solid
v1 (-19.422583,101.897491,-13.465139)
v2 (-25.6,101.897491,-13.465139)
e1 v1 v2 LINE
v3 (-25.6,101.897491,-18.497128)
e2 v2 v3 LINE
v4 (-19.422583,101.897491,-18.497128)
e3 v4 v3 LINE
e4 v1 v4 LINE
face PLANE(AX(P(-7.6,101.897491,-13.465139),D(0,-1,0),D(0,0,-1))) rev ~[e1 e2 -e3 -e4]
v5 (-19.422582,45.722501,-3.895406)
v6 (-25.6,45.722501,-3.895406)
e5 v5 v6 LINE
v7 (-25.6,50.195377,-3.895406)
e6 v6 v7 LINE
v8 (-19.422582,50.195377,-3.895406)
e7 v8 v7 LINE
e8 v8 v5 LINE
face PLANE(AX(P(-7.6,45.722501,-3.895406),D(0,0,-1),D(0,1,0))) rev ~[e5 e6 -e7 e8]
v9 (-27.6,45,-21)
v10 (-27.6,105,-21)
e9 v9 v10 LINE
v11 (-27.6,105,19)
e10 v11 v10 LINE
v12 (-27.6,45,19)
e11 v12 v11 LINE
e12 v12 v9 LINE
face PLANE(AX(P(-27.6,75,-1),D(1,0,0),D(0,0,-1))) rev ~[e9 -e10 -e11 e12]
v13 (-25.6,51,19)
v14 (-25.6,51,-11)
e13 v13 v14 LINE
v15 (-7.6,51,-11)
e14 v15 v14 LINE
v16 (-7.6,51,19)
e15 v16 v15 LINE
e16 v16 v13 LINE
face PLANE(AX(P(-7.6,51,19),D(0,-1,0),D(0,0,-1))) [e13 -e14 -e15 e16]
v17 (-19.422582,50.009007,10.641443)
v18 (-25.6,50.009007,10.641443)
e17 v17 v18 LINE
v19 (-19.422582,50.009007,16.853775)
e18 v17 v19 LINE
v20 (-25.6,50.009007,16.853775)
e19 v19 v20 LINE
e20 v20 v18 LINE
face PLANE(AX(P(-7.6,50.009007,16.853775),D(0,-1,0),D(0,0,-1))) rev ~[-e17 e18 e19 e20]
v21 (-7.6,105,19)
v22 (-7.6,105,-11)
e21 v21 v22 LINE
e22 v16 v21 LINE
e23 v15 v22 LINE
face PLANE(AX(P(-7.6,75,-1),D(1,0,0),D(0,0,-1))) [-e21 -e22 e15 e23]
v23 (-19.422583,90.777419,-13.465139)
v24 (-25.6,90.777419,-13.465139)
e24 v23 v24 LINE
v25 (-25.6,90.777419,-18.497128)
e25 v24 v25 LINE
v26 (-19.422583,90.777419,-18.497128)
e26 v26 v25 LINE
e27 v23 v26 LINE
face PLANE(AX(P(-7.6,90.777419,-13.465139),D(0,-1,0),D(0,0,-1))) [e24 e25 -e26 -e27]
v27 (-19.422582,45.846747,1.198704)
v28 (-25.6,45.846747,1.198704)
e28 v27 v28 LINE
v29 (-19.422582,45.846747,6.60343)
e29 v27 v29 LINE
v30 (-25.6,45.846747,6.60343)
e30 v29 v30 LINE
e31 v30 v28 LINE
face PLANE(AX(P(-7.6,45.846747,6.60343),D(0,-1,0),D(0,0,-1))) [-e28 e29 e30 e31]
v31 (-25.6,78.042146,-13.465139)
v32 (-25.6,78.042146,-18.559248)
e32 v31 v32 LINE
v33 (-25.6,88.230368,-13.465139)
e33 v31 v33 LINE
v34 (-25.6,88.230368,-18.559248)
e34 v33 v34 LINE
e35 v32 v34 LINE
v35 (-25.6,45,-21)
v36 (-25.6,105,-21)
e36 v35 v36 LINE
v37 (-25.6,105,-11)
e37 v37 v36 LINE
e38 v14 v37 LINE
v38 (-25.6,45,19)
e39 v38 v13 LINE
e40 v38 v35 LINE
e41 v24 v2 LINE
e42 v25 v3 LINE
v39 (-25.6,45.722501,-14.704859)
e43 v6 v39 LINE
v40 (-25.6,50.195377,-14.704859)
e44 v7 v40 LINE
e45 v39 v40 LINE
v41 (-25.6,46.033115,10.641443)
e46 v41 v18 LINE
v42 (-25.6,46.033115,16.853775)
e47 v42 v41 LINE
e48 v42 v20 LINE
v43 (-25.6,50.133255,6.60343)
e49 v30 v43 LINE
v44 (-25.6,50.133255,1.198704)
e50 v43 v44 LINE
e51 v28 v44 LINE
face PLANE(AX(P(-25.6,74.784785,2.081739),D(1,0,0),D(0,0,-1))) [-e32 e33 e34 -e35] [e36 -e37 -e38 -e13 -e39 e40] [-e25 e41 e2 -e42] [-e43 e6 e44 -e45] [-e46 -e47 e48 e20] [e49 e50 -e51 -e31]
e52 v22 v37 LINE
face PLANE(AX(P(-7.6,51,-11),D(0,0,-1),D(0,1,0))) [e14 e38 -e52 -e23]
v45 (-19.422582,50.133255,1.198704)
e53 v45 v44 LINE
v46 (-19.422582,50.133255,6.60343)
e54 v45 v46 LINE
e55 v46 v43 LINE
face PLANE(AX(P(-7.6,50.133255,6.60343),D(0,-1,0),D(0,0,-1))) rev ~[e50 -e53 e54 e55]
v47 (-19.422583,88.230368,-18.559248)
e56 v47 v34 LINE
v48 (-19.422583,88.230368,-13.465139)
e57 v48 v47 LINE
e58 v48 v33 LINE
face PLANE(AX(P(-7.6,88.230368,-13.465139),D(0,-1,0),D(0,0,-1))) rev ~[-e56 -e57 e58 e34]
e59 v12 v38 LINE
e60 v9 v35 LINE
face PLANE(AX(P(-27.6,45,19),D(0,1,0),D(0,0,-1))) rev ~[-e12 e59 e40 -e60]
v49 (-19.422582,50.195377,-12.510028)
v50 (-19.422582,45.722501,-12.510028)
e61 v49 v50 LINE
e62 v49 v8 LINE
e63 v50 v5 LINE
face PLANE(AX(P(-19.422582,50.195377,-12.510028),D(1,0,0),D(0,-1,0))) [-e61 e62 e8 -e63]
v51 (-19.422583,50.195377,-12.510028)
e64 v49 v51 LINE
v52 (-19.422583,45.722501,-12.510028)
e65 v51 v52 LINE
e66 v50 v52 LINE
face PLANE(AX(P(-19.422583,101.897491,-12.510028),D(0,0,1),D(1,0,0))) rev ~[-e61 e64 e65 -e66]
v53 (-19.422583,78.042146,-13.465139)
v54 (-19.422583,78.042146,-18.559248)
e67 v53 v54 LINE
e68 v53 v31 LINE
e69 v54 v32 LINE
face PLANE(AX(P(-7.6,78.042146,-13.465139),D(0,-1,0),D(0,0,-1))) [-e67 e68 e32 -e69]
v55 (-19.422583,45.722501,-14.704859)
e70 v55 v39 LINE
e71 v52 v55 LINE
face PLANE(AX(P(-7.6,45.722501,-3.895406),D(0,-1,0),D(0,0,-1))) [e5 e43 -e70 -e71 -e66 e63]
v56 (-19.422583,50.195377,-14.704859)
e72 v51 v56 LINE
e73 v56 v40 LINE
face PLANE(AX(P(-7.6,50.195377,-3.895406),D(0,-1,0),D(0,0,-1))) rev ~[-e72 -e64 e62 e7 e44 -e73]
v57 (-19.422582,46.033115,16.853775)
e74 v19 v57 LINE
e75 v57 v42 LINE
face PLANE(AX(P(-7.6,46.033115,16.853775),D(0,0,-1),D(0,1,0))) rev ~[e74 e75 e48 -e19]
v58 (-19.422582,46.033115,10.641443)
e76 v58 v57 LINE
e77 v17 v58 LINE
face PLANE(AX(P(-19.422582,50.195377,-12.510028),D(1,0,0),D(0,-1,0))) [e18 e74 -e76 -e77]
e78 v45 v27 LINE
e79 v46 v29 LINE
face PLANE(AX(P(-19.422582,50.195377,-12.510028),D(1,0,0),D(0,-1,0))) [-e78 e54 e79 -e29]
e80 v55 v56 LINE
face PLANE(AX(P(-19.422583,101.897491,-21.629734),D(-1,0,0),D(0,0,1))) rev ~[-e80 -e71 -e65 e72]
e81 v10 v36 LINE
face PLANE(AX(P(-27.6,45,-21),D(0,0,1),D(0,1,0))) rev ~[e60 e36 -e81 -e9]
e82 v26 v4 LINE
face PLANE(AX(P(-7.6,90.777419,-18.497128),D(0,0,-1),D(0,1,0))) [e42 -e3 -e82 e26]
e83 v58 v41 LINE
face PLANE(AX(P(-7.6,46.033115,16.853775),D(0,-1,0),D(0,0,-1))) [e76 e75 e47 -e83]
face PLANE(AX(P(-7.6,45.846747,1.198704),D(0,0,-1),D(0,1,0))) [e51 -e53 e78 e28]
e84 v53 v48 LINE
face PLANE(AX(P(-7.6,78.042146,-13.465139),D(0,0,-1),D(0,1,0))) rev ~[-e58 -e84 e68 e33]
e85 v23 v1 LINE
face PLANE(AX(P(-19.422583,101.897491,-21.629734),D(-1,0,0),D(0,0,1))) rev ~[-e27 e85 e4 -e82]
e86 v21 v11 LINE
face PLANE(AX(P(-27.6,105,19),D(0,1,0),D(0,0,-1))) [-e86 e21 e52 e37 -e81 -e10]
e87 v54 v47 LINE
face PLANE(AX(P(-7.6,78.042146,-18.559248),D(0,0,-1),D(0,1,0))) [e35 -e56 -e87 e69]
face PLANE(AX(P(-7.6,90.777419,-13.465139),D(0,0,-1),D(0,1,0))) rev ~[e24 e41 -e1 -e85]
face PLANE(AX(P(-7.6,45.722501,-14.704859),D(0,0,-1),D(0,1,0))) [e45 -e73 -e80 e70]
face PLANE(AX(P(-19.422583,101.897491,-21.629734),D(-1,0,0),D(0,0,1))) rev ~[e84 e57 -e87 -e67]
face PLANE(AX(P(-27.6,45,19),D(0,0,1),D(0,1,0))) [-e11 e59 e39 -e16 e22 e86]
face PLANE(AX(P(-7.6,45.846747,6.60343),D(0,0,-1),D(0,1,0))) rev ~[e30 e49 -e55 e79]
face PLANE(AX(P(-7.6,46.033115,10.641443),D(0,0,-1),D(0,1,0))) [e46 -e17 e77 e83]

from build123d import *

# Parameters (mm, degrees)
SKETCH054_W             = 40
SKETCH054_H             = 60
PAD026_DEPTH            = 20
SKETCH055_W             = 76.736599
SKETCH055_H             = 75.902515
SKETCH055_W_2           = 30
SKETCH055_H_2           = 54
SKETCH055_W_3           = 6.212331
SKETCH055_H_3           = 3.975892
SKETCH055_W_4           = 5.404726
SKETCH055_H_4           = 4.286509
SKETCH055_W_5           = 10.809453
SKETCH055_H_5           = 4.472877
SKETCH055_W_6           = 5.031989
SKETCH055_H_6           = 11.120071
SKETCH055_W_7           = 5.094109
SKETCH055_H_7           = 10.188222
POCKET035_DEPTH         = 18
SKETCH056_W             = 9.119706
SKETCH056_H             = 14.092372
POCKET036_DEPTH         = 56.898491
POCKET036_FACE35_W      = 4.472877
POCKET036_FACE35_H      = 11.822582
POCKET037_DEPTH         = 31.511028
BODY012_PLACEMENT_ANGLE = 90


with BuildPart() as part:
    # Sketch054 → Pad026 (new body)
    with BuildSketch(Plane.XY):
        Rectangle(SKETCH054_W, SKETCH054_H)
    extrude(amount=PAD026_DEPTH)

    # Sketch055 (on Face6 of Pad026) → Pocket035 (cut)
    with BuildSketch(Plane.XY.offset(20)):
        with Locations((-3.081739, -0.215215)):
            Rectangle(SKETCH055_W, SKETCH055_H)
        with Locations((-5, 3)):
            Rectangle(SKETCH055_W_2, SKETCH055_H_2, mode=Mode.SUBTRACT)
        with Locations((-14.747609, -26.978939)):
            Rectangle(SKETCH055_W_3, SKETCH055_H_3, mode=Mode.SUBTRACT)
        with Locations((-4.901067, -27.009999)):
            Rectangle(SKETCH055_W_4, SKETCH055_H_4, mode=Mode.SUBTRACT)
        with Locations((8.300133, -27.041061)):
            Rectangle(SKETCH055_W_5, SKETCH055_H_5, mode=Mode.SUBTRACT)
        with Locations((14.981133, 21.337455)):
            Rectangle(SKETCH055_W_6, SKETCH055_H_6, mode=Mode.SUBTRACT)
        with Locations((15.012193, 8.136257)):
            Rectangle(SKETCH055_W_7, SKETCH055_H_7, mode=Mode.SUBTRACT)
    extrude(amount=-POCKET035_DEPTH, mode=Mode.SUBTRACT)

    # Sketch056 (on Face20 of Pocket035) → Pocket036 (cut, through all)
    with BuildSketch(Plane(origin=(0, 26.897491, 0), x_dir=(-1, 0, 0), z_dir=(0, 1, 0))):
        with Locations((-16.069881, 15.223603)):
            Rectangle(SKETCH056_W, SKETCH056_H)
    extrude(amount=-POCKET036_DEPTH, mode=Mode.SUBTRACT)

    # Pocket036 Face35 → Pocket037 (cut, through all)
    with BuildSketch(Plane(origin=(11.510028, -27.041061, 14.088709), x_dir=(0, -1, 0), z_dir=(1, 0, 0))):
        with Locations((1e-06, 0)):
            Rectangle(POCKET036_FACE35_W, POCKET036_FACE35_H)
    extrude(amount=-POCKET037_DEPTH, mode=Mode.SUBTRACT)


with BuildPart() as part_1:
    # Body012 placement: moved
    add(part.part.moved(Location((-27.6, 75, -1))).rotate(Axis((-27.6, 75, -1), (0, 1, 0)), BODY012_PLACEMENT_ANGLE))


solid = part_1.part
